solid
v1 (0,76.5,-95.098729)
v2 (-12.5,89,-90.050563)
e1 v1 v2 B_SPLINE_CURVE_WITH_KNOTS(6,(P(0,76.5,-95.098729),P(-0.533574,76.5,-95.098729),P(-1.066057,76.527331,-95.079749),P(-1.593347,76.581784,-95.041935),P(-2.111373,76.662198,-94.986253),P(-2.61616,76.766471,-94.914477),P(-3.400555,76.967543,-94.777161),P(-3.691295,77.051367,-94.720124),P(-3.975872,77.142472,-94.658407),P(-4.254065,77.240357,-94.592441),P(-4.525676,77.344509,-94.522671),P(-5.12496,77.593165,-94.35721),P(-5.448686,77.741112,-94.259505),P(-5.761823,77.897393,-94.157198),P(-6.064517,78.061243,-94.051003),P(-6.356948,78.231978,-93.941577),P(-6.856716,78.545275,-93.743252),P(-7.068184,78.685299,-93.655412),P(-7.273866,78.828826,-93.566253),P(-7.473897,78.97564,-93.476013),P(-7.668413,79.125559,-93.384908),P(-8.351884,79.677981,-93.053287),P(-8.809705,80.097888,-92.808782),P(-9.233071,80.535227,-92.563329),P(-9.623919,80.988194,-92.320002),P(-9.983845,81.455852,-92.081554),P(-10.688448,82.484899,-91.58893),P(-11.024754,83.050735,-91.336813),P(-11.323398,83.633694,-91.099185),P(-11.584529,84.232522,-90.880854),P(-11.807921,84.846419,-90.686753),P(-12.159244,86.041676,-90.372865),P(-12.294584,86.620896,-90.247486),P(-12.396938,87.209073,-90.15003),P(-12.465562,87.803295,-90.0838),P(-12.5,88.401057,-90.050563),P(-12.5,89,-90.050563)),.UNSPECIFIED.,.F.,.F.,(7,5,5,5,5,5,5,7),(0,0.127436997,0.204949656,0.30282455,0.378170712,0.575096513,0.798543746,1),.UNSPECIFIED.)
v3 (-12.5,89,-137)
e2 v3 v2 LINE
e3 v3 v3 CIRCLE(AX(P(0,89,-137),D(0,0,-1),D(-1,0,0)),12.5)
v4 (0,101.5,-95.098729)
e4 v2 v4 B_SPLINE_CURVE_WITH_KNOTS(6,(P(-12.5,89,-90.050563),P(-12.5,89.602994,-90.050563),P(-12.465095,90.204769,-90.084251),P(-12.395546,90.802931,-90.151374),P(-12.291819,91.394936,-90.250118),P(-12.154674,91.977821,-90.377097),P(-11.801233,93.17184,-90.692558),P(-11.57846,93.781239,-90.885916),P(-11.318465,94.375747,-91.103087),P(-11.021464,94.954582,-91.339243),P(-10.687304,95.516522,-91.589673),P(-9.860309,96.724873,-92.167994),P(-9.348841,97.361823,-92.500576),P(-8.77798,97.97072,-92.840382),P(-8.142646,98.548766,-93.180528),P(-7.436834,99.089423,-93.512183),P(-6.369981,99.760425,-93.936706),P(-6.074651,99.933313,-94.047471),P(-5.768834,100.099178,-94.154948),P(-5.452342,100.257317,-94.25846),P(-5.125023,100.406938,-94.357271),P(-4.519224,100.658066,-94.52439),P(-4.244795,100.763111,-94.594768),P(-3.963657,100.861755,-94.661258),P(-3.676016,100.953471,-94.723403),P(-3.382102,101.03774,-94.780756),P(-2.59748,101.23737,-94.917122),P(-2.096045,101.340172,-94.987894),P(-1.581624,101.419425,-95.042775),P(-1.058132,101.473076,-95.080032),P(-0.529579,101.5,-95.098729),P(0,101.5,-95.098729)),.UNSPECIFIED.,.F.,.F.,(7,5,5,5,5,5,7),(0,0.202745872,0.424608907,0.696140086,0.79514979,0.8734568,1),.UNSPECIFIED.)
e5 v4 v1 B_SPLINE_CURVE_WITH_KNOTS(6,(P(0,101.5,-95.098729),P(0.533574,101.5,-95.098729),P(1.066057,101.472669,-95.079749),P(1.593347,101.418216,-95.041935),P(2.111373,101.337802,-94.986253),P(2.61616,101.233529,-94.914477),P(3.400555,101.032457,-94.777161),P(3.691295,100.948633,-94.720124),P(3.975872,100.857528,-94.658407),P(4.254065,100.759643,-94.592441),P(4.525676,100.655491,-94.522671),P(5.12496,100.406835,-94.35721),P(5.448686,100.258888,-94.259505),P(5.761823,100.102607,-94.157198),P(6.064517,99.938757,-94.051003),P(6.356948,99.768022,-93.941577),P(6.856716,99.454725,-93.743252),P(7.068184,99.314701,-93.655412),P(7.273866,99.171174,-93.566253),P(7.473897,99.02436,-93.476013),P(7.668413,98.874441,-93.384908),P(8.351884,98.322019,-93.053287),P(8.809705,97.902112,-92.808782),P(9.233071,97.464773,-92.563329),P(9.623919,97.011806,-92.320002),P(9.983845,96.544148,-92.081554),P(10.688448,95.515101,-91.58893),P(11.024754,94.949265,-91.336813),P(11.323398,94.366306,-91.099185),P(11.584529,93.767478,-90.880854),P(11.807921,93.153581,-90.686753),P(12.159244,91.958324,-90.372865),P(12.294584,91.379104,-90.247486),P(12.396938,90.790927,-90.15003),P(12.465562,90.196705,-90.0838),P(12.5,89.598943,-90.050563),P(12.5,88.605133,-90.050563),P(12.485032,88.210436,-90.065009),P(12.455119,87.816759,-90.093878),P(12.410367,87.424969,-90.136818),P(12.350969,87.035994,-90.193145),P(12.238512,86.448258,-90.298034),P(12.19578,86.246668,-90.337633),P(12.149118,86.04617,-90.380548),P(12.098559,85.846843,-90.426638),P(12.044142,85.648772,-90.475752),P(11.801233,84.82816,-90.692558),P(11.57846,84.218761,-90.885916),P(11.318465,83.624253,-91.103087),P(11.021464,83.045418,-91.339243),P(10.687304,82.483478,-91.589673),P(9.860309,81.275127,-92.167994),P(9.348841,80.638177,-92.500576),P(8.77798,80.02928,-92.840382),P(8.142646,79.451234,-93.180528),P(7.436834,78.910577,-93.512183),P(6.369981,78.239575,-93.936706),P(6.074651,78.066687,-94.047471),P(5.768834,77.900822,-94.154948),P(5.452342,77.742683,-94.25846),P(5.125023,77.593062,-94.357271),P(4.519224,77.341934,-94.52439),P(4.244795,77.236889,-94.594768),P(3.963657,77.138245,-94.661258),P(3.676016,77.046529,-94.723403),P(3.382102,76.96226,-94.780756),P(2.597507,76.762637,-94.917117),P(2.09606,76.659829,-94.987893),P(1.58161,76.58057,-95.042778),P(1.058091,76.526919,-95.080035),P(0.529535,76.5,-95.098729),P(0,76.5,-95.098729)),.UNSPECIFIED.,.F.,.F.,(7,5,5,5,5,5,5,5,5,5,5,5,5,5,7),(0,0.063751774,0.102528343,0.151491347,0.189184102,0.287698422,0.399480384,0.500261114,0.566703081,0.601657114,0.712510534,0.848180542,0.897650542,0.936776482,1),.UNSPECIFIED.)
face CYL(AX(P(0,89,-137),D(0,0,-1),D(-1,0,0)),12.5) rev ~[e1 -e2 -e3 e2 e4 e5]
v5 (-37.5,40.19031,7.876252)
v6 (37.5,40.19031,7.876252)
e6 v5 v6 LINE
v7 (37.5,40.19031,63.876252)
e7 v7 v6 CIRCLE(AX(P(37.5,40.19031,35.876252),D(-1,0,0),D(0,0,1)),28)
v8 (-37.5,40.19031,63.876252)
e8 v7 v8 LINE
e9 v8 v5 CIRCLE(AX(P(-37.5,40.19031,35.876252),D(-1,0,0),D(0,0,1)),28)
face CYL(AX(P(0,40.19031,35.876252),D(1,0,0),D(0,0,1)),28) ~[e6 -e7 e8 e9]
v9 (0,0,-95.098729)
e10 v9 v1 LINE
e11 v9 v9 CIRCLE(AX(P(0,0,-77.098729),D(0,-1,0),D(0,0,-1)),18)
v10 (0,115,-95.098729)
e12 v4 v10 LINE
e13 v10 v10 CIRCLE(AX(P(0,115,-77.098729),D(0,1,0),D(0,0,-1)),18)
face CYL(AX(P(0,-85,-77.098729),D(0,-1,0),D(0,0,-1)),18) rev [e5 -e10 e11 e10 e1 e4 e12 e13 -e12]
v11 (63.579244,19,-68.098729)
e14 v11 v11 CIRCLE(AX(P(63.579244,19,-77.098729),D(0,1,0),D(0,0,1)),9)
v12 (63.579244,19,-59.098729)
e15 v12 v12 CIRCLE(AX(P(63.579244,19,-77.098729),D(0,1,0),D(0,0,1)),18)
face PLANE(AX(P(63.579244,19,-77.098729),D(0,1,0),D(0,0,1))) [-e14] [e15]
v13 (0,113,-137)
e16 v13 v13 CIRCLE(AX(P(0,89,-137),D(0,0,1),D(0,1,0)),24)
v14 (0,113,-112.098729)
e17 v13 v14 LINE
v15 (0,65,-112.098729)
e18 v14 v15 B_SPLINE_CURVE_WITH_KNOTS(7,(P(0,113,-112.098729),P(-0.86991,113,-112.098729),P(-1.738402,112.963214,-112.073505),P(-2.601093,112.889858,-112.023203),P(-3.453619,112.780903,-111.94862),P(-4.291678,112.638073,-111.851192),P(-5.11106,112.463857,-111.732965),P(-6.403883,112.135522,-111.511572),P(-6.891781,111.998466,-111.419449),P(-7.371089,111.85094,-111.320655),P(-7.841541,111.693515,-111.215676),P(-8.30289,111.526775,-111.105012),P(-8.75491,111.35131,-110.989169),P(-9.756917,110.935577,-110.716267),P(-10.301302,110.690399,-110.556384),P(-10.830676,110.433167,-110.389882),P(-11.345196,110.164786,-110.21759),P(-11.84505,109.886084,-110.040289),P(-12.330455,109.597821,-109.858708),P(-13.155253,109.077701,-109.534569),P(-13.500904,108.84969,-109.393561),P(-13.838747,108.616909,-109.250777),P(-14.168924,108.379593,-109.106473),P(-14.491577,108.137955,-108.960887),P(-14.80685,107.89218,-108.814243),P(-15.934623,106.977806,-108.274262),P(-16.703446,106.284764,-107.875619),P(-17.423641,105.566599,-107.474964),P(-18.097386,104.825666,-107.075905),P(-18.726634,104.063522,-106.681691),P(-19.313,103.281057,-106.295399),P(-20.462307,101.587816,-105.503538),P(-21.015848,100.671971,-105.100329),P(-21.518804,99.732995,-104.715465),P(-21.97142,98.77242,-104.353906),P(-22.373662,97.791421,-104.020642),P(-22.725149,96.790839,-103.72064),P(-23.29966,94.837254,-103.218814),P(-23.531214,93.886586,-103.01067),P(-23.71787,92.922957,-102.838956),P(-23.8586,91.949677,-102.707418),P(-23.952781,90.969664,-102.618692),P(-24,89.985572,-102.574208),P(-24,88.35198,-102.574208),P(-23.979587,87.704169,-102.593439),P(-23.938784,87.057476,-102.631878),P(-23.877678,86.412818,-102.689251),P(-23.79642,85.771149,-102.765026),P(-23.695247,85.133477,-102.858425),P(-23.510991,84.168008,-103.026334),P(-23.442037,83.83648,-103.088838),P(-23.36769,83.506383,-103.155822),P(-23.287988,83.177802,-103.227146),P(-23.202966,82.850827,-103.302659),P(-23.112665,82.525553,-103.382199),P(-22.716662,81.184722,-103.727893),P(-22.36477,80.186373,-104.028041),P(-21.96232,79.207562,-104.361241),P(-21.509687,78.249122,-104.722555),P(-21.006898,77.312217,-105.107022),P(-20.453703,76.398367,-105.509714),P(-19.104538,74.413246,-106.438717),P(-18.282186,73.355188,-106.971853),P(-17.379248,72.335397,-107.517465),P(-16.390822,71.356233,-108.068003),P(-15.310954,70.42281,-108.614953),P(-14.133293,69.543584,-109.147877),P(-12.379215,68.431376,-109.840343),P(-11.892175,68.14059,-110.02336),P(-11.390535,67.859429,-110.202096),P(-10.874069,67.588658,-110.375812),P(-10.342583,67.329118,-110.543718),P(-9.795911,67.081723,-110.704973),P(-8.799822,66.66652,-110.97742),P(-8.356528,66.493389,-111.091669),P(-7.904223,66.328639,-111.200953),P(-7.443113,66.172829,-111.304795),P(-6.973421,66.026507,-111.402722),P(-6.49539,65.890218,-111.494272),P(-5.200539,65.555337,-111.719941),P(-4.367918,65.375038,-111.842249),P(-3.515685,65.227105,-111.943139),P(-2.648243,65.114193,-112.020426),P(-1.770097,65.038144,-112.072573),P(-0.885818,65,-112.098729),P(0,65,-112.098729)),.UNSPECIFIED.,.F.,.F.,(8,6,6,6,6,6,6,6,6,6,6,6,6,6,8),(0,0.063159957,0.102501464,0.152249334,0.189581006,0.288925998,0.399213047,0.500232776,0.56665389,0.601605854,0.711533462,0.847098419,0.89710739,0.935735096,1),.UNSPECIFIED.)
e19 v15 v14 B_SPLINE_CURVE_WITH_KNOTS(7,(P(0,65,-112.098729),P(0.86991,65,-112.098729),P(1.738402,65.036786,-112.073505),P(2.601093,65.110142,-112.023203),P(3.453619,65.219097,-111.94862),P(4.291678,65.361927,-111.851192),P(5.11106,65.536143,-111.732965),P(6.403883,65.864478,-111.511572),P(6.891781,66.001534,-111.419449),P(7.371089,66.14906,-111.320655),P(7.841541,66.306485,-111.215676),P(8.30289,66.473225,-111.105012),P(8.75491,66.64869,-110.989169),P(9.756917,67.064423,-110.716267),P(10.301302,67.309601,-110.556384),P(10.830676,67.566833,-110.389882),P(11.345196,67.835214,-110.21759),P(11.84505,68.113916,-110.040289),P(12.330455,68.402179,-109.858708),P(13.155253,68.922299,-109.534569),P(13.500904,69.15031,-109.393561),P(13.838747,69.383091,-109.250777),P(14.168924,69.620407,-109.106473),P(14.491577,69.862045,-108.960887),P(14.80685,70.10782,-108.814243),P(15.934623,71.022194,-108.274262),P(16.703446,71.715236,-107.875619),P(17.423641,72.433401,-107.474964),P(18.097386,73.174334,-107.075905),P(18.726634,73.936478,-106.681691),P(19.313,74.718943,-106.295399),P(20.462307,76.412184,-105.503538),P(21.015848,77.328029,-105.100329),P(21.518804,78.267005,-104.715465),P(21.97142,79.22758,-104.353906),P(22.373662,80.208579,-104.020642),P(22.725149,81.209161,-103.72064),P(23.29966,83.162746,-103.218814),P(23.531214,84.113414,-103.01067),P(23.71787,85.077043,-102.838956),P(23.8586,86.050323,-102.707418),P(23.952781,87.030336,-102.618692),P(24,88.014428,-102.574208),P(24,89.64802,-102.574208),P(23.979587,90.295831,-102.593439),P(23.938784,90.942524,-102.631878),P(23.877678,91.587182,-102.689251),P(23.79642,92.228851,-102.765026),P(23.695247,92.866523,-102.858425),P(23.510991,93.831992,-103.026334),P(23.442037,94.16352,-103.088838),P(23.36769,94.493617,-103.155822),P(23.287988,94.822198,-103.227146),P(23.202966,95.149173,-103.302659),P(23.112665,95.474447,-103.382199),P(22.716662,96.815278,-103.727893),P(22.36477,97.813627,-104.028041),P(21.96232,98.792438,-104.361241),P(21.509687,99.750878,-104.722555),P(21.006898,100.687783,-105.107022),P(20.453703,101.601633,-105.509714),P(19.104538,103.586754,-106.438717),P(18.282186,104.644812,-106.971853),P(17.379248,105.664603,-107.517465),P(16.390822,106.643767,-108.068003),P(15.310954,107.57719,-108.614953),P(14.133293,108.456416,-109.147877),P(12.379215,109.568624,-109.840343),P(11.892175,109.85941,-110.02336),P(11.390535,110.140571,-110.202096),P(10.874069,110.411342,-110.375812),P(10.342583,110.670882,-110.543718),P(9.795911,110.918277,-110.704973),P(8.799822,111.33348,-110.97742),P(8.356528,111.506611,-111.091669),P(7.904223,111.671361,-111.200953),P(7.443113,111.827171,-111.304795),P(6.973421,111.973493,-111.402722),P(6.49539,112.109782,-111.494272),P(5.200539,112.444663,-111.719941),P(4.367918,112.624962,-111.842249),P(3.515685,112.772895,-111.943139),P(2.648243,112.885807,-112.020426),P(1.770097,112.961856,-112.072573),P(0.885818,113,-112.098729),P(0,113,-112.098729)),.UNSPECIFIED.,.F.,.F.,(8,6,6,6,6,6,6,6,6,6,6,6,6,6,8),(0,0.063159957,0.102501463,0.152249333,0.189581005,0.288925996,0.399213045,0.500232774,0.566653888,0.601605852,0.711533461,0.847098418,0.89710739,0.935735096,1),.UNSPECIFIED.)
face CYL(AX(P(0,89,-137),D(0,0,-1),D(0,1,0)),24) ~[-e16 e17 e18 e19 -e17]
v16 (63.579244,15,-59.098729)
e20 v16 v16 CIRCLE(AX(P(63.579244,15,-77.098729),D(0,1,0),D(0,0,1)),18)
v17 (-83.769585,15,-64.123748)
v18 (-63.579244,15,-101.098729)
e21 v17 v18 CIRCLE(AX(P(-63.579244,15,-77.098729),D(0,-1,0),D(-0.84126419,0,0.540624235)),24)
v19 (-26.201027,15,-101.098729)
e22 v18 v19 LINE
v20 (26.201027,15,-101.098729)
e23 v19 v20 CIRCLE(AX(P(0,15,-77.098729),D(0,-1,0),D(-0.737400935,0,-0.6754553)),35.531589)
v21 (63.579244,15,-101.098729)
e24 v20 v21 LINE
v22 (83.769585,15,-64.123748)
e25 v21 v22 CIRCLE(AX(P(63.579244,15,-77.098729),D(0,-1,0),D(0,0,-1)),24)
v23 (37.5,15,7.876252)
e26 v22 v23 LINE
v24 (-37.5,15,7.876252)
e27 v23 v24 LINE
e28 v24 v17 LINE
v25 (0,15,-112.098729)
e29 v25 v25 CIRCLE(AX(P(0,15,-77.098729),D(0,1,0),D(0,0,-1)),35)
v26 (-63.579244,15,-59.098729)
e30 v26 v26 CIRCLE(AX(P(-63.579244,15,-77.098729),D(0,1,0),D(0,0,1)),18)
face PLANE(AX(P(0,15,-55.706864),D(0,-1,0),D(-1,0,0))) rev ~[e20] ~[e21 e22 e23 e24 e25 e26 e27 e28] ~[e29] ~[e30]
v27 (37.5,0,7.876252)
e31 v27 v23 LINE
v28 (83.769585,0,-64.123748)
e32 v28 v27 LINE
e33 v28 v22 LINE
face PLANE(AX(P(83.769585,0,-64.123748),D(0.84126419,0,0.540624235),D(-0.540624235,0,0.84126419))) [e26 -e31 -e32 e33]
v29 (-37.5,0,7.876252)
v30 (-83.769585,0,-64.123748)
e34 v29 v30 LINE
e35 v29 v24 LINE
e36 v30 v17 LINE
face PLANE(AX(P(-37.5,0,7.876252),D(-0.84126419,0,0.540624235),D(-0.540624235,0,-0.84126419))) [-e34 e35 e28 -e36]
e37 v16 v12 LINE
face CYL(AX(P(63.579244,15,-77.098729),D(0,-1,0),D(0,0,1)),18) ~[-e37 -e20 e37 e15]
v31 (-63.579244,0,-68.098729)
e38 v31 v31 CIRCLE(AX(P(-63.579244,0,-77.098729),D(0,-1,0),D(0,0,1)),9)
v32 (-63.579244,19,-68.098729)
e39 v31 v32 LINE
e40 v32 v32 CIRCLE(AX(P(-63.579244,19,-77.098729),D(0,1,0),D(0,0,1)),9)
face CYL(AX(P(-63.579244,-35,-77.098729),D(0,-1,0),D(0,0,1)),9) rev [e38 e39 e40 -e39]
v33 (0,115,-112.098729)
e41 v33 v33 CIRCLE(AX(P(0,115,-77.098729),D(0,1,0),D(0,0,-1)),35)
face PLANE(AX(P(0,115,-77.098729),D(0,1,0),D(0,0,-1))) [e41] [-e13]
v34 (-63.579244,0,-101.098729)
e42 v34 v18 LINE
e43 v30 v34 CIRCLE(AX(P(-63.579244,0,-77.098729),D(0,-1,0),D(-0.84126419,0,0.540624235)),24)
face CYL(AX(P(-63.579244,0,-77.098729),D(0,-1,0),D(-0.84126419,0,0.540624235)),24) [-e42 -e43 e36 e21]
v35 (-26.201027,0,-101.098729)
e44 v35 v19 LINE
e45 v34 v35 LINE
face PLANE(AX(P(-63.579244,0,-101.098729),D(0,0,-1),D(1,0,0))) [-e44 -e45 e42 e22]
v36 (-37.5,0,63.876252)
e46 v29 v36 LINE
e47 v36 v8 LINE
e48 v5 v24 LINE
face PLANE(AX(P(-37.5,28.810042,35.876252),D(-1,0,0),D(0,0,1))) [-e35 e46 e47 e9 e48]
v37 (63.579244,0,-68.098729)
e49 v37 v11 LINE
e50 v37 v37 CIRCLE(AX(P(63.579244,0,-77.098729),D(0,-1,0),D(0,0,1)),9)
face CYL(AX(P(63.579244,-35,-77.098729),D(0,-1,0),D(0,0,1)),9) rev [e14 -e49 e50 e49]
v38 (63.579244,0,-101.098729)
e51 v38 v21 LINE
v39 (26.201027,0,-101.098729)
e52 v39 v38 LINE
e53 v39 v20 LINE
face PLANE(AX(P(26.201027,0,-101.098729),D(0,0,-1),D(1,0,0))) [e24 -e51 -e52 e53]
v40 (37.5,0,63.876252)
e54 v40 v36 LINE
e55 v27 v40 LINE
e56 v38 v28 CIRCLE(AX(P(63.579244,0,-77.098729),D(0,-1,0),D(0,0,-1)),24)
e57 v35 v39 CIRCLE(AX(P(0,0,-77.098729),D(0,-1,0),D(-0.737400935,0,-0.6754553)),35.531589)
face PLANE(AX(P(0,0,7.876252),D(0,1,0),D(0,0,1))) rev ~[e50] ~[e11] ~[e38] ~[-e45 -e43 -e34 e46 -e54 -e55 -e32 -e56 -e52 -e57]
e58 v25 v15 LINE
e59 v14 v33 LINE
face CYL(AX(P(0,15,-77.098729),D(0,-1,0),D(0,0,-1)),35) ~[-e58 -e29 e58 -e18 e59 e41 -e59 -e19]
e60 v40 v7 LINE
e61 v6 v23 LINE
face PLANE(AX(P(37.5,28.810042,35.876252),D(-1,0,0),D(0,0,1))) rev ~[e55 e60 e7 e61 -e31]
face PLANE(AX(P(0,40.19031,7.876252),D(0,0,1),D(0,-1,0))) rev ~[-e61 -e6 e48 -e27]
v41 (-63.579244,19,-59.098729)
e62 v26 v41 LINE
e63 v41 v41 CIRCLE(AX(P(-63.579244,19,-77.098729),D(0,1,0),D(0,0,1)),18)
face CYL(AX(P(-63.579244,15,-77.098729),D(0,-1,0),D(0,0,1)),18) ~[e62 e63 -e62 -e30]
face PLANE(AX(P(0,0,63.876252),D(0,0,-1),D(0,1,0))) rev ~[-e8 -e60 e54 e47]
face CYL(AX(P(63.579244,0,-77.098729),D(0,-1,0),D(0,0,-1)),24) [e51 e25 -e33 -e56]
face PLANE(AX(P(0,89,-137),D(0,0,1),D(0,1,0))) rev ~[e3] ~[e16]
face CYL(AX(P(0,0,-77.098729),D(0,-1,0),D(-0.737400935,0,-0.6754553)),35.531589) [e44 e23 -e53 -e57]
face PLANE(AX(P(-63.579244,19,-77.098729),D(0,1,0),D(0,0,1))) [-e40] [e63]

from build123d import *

# Parameters (mm, degrees)
BOSS_EXTRUDE1_DEPTH       = 15
BOSS_EXTRUDE2_DEPTH       = 37.5
SKETCH8_R                 = 35
SKETCH8_R_2               = 18
BOSS_EXTRUDE13_DEPTH      = 100
CUT_EXTRUDE2_START        = -100
SKETCH13_R                = 18
CUT_EXTRUDE2_DEPTH        = 100
SKETCH14_R                = 18
SKETCH14_R_2              = 9
BOSS_EXTRUDE15_DEPTH      = 4
CUT_EXTRUDE3_START        = -50
SKETCH15_R                = 9
CUT_EXTRUDE3_DEPTH        = 50
BOSS_EXTRUDE16_REACH      = 249.48
BOSS_EXTRUDE16_END_RADIUS = 35
SKETCH18_R                = 24
SKETCH19_R                = 12.5
CUT_EXTRUDE4_DEPTH        = 50


with BuildPart() as part:
    # Sketch5 → Boss-Extrude1 (new body)
    with BuildSketch(Plane(origin=(0, 0, 0), x_dir=(1, 0, 0), z_dir=(0, 1, 0))):
        with BuildLine():
            Line((-37.5, -7.876252255), (-83.769584953, 64.123747745))
            ThreePointArc((-83.769584953, 64.123747745), (-84.643426785, 88.600912666), (-63.579244399, 101.098729377))
            Line((-63.579244399, 101.098729377), (-26.201026839, 101.098729377))
            ThreePointArc((-26.201026839, 101.098729377), (0, 112.630318244), (26.201026839, 101.098729377))
            Line((26.201026839, 101.098729377), (63.579244399, 101.098729377))
            ThreePointArc((63.579244399, 101.098729377), (84.643426785, 88.600912666), (83.769584953, 64.123747745))
            Line((83.769584953, 64.123747745), (37.5, -7.876252255))
            Line((37.5, -7.876252255), (-37.5, -7.876252255))
        make_face()
    extrude(amount=BOSS_EXTRUDE1_DEPTH)

    # Sketch7 → Boss-Extrude2 (add, symmetric)
    with BuildSketch(Plane(origin=(0, 0, 0), x_dir=(0, 0, -1), z_dir=(1, 0, 0))):
        with BuildLine():
            Line((-7.876252255, 0), (-63.876252255, 0))
            Line((-63.876252255, 0), (-63.876252255, 40.190310044))
            ThreePointArc((-63.876252255, 40.190310044), (-35.876252255, 68.190310044), (-7.876252255, 40.190310044))
            Line((-7.876252255, 40.190310044), (-7.876252255, 0))
        make_face()
    extrude(amount=BOSS_EXTRUDE2_DEPTH, both=True)

    # Sketch8 → Boss-Extrude13 (add)
    with BuildSketch(Plane(origin=(0, 15, 0), x_dir=(1, 0, 0), z_dir=(0, 1, 0))):
        with Locations(Location((0, 77.098729377, 0), (0, 0, 90))):
            Circle(SKETCH8_R)
        with Locations(Location((0, 77.098729377, 0), (0, 0, 90))):
            Circle(SKETCH8_R_2, mode=Mode.SUBTRACT)
    extrude(amount=BOSS_EXTRUDE13_DEPTH)

    # Sketch13 → Cut-Extrude2 (cut)
    with BuildSketch(Plane(origin=(0, 15, 0), x_dir=(1, 0, 0), z_dir=(0, 1, 0)).offset(CUT_EXTRUDE2_START)):
        with Locations(Location((0, 77.098729377, 0), (0, 0, 90))):
            Circle(SKETCH13_R)
    extrude(amount=CUT_EXTRUDE2_DEPTH, mode=Mode.SUBTRACT)

    # Sketch14 → Boss-Extrude15 (add)
    # profile 1 of 2: a face of its own
    with BuildSketch(Plane(origin=(0, 15, 0), x_dir=(1, 0, 0), z_dir=(0, 1, 0))):
        with Locations(Location((-63.579244399, 77.098729377, 0), (0, 0, 270))):
            Circle(SKETCH14_R)
        with Locations(Location((-63.579244399, 77.098729377, 0), (0, 0, 270))):
            Circle(SKETCH14_R_2, mode=Mode.SUBTRACT)
    # profile 2 of 2: a face of its own
    with BuildSketch(Plane(origin=(0, 15, 0), x_dir=(1, 0, 0), z_dir=(0, 1, 0))):
        with Locations(Location((63.579244399, 77.098729377, 0), (0, 0, 270))):
            Circle(SKETCH14_R)
        with Locations(Location((63.579244399, 77.098729377, 0), (0, 0, 270))):
            Circle(SKETCH14_R_2, mode=Mode.SUBTRACT)
    extrude(amount=BOSS_EXTRUDE15_DEPTH)

    # Sketch15 → Cut-Extrude3 (cut)
    with BuildSketch(Plane(origin=(0, 15, 0), x_dir=(1, 0, 0), z_dir=(0, 1, 0)).offset(CUT_EXTRUDE3_START)):
        with Locations(Location((-63.579244399, 77.098729377, 0), (0, 0, 270))):
            Circle(SKETCH15_R)
        with Locations(Location((63.579244399, 77.098729377, 0), (0, 0, 270))):
            Circle(SKETCH15_R)
    extrude(amount=CUT_EXTRUDE3_DEPTH, mode=Mode.SUBTRACT)

    # Boss-Extrude16: up to this cylinder (the profile starts outside it)
    boss_extrude16_end = Plane(origin=(0, 89, -77.098729377), z_dir=(0, -1, 0)) * Cylinder(BOSS_EXTRUDE16_END_RADIUS, 569.96, mode=Mode.PRIVATE)
    # Sketch18 → Boss-Extrude16 (add, up to the surface)
    with BuildSketch(Plane.XY.offset(-137), mode=Mode.PRIVATE) as boss_extrude16_sk1:
        with Locations(Location((0, 89, 0), (0, 0, 90))):
            Circle(SKETCH18_R)
    boss_extrude16_tool1 = extrude(boss_extrude16_sk1.sketch, amount=BOSS_EXTRUDE16_REACH, mode=Mode.PRIVATE) - boss_extrude16_end
    add(boss_extrude16_tool1.solids().sort_by_distance((0, 89, -137))[0])

    # Sketch19 → Cut-Extrude4 (cut)
    with BuildSketch(Plane(origin=(0, 0, -137), x_dir=(-1, 0, 0), z_dir=(0, 0, -1))):
        with Locations((0, 89)):
            Circle(SKETCH19_R)
    extrude(amount=-CUT_EXTRUDE4_DEPTH, mode=Mode.SUBTRACT)


solid = part.part
